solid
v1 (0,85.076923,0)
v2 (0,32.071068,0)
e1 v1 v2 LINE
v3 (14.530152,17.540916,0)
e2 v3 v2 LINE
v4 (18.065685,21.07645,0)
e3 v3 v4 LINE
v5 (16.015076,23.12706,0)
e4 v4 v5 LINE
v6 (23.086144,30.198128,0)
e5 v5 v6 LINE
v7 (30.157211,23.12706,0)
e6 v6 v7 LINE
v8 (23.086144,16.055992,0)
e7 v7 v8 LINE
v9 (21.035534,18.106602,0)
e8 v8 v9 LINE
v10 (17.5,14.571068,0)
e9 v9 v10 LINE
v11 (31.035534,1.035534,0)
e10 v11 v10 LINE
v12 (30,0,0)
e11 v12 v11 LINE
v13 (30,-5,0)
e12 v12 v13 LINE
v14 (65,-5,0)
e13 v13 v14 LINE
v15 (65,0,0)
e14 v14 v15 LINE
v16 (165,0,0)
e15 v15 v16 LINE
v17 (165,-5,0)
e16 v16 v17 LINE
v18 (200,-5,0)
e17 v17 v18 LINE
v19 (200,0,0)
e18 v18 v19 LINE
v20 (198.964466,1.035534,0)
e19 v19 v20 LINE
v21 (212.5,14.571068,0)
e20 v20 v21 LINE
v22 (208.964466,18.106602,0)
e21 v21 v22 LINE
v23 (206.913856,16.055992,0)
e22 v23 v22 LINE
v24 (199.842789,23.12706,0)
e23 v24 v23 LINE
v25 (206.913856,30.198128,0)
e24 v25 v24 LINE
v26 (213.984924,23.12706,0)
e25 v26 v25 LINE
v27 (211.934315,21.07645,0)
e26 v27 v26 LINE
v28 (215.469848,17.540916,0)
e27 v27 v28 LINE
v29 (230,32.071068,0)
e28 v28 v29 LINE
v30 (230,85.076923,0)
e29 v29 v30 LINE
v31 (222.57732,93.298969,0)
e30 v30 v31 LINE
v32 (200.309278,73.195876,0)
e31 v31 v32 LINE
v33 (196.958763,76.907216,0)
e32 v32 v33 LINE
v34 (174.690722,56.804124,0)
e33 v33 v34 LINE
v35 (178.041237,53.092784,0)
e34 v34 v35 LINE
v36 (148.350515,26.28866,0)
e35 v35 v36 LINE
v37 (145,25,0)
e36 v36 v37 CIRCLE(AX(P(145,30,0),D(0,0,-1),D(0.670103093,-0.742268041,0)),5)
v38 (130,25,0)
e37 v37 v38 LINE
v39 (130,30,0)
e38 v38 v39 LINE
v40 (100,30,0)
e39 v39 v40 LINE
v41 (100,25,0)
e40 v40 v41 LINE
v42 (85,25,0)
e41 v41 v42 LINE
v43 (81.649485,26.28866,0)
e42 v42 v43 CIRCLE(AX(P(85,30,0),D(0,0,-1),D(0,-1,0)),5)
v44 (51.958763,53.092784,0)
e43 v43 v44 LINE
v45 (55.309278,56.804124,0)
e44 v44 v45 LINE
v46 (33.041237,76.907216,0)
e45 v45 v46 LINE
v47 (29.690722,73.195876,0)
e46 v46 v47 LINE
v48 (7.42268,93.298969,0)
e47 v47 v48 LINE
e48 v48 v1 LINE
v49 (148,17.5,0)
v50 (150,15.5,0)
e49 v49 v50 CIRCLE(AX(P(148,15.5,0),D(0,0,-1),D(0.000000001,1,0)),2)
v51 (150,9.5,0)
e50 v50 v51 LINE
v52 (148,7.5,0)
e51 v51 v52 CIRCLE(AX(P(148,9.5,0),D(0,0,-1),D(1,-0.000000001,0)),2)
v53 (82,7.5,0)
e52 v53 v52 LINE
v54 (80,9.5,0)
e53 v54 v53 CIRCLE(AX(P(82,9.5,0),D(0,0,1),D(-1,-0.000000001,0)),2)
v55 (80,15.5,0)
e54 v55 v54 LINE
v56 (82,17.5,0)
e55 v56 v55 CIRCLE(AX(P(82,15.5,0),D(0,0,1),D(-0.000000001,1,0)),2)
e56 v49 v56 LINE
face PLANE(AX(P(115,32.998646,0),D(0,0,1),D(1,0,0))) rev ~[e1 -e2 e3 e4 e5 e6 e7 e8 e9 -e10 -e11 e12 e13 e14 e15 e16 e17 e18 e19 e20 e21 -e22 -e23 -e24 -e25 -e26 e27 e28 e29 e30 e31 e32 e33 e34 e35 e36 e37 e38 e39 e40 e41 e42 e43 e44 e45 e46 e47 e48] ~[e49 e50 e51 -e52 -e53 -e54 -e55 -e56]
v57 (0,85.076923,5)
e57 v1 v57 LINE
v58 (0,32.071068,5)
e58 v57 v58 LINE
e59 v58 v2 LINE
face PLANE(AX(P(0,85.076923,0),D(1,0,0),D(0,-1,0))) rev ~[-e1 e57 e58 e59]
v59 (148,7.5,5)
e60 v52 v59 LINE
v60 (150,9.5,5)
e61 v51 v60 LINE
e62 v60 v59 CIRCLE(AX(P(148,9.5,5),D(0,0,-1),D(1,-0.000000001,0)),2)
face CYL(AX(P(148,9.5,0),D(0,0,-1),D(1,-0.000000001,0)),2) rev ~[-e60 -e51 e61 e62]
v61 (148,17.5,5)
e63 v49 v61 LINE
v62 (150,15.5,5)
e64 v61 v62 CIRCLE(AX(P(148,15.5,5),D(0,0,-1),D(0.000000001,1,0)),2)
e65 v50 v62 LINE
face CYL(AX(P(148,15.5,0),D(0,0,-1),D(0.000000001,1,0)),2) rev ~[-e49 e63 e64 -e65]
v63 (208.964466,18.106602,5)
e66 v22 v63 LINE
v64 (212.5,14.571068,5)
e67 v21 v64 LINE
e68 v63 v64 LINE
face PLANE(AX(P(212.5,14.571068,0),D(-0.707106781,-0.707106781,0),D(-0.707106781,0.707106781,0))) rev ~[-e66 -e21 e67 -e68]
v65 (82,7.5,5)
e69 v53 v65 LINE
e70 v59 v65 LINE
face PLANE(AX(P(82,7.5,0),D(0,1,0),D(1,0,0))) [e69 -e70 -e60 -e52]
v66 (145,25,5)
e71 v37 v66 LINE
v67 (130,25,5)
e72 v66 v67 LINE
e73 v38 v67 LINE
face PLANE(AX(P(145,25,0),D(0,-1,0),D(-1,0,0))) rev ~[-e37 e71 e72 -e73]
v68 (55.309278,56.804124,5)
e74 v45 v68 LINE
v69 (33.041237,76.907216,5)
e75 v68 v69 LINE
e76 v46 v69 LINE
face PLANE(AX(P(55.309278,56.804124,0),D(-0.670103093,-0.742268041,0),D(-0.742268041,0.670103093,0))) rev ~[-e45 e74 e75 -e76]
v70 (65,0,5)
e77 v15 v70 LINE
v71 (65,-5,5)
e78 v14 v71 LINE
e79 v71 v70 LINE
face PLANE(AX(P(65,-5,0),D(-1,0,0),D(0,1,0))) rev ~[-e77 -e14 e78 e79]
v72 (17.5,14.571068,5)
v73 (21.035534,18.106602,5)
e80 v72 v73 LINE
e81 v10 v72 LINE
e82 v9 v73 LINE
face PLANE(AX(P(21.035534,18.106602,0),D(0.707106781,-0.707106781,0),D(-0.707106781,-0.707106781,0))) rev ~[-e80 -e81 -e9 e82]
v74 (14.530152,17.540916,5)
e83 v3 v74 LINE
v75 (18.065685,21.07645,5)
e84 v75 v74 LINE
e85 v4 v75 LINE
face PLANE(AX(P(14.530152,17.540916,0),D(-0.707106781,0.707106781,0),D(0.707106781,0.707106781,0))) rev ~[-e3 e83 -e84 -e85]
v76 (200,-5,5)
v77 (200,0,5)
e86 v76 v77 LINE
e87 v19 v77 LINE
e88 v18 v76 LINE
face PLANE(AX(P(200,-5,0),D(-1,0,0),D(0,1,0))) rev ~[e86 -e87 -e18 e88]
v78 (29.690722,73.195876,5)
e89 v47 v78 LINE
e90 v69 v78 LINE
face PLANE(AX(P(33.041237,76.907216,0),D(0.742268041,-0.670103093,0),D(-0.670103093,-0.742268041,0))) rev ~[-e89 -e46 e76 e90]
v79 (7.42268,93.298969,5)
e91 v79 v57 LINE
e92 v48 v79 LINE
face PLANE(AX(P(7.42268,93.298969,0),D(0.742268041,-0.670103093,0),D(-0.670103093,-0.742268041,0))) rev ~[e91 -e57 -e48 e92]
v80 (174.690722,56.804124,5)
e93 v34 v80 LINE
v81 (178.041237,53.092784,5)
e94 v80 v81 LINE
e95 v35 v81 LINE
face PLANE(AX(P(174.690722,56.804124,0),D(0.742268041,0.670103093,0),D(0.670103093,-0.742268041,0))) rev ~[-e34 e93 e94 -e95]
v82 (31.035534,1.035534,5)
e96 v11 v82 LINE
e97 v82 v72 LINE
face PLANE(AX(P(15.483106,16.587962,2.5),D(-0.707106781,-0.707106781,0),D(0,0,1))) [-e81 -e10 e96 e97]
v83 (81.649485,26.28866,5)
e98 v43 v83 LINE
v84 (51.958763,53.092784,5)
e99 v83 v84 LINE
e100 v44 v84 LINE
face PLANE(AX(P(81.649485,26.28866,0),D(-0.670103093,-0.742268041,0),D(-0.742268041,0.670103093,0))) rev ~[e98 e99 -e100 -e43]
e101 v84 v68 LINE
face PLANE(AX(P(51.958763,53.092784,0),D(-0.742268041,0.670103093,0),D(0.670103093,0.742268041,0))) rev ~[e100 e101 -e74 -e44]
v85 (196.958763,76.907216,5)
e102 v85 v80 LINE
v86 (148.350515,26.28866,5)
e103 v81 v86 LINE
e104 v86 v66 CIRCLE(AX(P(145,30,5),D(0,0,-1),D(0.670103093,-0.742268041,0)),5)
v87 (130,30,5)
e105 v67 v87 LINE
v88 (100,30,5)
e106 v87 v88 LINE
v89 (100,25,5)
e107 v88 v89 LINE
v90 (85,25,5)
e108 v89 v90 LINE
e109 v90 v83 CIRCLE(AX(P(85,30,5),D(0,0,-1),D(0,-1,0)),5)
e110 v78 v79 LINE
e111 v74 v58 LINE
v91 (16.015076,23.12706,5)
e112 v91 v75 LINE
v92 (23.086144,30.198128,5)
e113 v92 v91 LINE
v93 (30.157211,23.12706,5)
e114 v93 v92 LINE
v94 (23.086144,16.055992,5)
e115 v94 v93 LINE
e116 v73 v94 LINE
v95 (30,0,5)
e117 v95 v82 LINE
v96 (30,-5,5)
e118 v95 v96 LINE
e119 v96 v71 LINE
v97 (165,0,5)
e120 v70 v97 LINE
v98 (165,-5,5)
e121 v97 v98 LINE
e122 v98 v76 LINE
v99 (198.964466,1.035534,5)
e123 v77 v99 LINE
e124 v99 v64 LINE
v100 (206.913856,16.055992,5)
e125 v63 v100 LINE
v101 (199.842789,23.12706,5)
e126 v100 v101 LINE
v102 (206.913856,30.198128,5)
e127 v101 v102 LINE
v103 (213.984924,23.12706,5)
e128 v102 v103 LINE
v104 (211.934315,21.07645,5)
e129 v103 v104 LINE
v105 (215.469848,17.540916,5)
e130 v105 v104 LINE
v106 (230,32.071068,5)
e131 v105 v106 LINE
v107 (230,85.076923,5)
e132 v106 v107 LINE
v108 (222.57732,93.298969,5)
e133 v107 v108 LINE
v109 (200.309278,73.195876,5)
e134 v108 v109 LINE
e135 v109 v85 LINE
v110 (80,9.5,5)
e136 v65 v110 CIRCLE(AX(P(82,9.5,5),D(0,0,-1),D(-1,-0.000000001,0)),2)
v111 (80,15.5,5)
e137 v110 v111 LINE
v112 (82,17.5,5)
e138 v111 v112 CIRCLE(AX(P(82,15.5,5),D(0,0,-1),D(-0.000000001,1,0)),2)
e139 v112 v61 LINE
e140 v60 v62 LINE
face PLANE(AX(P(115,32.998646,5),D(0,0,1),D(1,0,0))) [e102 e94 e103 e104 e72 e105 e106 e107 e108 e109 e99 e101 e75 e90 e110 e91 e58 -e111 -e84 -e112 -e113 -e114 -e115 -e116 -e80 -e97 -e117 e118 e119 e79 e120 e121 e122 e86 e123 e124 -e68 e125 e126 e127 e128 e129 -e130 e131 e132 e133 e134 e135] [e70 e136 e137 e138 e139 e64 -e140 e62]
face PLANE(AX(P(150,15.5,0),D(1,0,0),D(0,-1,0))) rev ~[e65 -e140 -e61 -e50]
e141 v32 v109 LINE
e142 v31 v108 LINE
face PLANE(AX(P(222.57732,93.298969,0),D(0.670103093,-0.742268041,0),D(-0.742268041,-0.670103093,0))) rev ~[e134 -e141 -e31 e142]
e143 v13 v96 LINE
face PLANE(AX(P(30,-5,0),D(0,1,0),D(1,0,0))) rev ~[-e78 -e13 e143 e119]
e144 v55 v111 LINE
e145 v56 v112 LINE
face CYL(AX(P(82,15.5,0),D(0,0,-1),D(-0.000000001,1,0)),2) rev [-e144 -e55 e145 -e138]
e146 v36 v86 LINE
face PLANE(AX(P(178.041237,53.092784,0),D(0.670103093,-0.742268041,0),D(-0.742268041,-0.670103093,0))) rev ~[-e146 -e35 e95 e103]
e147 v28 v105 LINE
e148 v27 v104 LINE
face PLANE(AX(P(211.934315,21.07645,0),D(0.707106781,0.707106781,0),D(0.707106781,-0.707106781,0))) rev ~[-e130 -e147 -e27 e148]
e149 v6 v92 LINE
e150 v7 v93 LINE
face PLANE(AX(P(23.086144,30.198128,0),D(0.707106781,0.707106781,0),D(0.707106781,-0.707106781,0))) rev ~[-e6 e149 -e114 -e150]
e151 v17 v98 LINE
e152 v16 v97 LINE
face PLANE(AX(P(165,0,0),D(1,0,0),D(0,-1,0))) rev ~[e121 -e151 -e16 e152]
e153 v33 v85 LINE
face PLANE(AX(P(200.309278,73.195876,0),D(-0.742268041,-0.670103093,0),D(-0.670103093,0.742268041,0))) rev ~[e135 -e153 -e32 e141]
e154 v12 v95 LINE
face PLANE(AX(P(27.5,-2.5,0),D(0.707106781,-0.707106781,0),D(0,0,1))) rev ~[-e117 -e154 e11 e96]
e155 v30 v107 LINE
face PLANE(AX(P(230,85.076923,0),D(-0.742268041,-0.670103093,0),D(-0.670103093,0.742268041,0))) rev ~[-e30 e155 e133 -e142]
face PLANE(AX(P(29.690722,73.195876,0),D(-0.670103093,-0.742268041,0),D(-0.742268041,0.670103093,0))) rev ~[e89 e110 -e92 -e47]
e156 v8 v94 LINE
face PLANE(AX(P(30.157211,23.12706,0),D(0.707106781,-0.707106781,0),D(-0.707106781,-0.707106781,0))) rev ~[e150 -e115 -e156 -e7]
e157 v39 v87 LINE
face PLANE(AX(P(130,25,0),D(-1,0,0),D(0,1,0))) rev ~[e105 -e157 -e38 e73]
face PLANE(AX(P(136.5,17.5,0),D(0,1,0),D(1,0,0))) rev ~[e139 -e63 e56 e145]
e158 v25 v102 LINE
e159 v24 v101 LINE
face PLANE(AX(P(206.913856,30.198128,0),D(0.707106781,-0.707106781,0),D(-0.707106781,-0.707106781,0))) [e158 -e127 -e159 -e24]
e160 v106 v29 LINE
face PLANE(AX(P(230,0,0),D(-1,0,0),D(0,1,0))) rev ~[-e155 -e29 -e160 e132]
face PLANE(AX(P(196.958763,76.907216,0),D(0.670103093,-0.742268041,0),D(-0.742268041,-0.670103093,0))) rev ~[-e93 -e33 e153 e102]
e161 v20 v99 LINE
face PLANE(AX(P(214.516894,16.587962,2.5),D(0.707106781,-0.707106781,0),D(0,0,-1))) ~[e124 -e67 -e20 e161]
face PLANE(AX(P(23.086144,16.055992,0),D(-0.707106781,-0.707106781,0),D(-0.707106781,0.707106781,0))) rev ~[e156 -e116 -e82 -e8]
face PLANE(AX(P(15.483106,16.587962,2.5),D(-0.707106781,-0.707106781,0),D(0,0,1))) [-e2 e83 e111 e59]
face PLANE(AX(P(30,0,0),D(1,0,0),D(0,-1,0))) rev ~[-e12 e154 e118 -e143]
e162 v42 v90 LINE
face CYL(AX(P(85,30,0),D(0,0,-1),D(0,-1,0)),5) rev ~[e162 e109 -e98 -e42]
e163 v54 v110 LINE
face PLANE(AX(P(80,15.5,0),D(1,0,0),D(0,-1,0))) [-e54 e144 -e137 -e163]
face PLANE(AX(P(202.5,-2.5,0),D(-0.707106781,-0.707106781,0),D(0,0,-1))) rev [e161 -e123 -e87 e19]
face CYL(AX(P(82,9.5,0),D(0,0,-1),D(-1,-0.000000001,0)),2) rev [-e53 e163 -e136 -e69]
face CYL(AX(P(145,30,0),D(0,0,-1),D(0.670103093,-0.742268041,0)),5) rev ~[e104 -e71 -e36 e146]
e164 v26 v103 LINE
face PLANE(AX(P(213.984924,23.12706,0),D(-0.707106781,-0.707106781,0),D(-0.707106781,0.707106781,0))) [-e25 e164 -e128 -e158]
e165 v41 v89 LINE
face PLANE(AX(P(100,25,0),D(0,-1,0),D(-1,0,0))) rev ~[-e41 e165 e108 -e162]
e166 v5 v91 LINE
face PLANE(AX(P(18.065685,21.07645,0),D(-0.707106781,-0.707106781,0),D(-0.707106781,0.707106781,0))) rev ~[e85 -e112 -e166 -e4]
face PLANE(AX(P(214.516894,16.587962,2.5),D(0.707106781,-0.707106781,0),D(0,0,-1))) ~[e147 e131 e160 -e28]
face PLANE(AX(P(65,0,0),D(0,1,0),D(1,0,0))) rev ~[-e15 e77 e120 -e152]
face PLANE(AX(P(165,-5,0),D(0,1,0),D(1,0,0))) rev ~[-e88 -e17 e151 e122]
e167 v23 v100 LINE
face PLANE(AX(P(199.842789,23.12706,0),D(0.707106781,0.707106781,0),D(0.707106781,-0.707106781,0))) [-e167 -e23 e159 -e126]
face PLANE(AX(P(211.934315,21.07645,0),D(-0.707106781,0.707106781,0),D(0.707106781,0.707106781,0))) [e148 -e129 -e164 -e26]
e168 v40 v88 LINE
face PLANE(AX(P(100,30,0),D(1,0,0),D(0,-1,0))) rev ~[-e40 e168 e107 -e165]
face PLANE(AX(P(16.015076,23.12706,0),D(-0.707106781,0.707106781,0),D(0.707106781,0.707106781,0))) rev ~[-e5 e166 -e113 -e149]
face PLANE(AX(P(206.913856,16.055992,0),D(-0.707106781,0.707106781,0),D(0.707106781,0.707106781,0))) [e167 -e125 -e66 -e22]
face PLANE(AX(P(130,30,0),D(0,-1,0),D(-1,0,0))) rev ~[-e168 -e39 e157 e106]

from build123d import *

# Parameters (mm, degrees)
BOSS_EXTRUDE1_DEPTH = 5
CUT_EXTRUDE1_DEPTH  = 10
CUT_EXTRUDE2_DEPTH  = 10
SKETCH5_W           = 5
SKETCH5_H           = 43.988909765
CUT_EXTRUDE4_DEPTH  = 5
CUT_EXTRUDE6_DEPTH  = 10
SKETCH8_W           = 43
SKETCH8_H           = 10
CUT_EXTRUDE7_DEPTH  = 10


with BuildPart() as part:
    # Sketch1 → Boss-Extrude1 (new body)
    with BuildSketch(Plane.XY):
        with BuildLine():
            Line((100, 25), (85, 25))
            ThreePointArc((85, 25), (83.205104603, 25.333271969), (81.649484536, 26.288659794))
            Line((81.649484536, 26.288659794), (51.958762887, 53.092783505))
            Line((51.958762887, 53.092783505), (55.309278351, 56.804123711))
            Line((55.309278351, 56.804123711), (33.041237113, 76.907216495))
            Line((33.041237113, 76.907216495), (29.690721649, 73.195876289))
            Line((29.690721649, 73.195876289), (7.422680412, 93.298969072))
            Line((7.422680412, 93.298969072), (0, 85.076923077))
            Line((0, 85.076923077), (0, 0))
            Line((0, 0), (30, 0))
            Line((30, 0), (30, -5))
            Line((30, -5), (65, -5))
            Line((65, -5), (65, 0))
            Line((65, 0), (165, 0))
            Line((165, 0), (165, -5))
            Line((165, -5), (200, -5))
            Line((200, -5), (200, 0))
            Line((200, 0), (230, 0))
            Line((230, 0), (230, 85.076923077))
            Line((230, 85.076923077), (222.577319588, 93.298969072))
            Line((222.577319588, 93.298969072), (200.309278351, 73.195876289))
            Line((200.309278351, 73.195876289), (196.958762887, 76.907216495))
            Line((196.958762887, 76.907216495), (174.690721649, 56.804123711))
            Line((174.690721649, 56.804123711), (178.041237113, 53.092783505))
            Line((178.041237113, 53.092783505), (148.350515464, 26.288659794))
            ThreePointArc((148.350515464, 26.288659794), (146.794895397, 25.333271969), (145, 25))
            Line((145, 25), (130, 25))
            Line((130, 25), (130, 30))
            Line((130, 30), (100, 30))
            Line((100, 30), (100, 25))
        make_face()
    extrude(amount=BOSS_EXTRUDE1_DEPTH)

    # Sketch2 → Cut-Extrude1 (cut)
    with BuildSketch(Plane(origin=(0, 0, 0), x_dir=(-1, 0, 0), z_dir=(0, 0, -1))):
        Polygon((0, 25), (0, 0), (-25, 0), align=None)
        Polygon((-230, 0), (-205, 0), (-230, 25), align=None)
    extrude(amount=-CUT_EXTRUDE1_DEPTH, mode=Mode.SUBTRACT)

    # Sketch3 → Cut-Extrude2 (cut)
    with BuildSketch(Plane(origin=(0, 0, 0), x_dir=(-1, 0, 0), z_dir=(0, 0, -1))):
        with BuildLine():
            Line((-82, 7.5), (-93.5, 7.5))
            ThreePointArc((-93.5, 7.5), (-94.914213562, 8.085786438), (-95.5, 9.5))
            Line((-95.5, 9.5), (-95.5, 15.5))
            ThreePointArc((-95.5, 15.5), (-94.914213562, 16.914213562), (-93.5, 17.5))
            Line((-93.5, 17.5), (-82, 17.5))
            ThreePointArc((-82, 17.5), (-80.585786438, 16.914213562), (-80, 15.5))
            Line((-80, 15.5), (-80, 9.5))
            ThreePointArc((-80, 9.5), (-80.585786438, 8.085786438), (-82, 7.5))
        make_face()
        with BuildLine():
            Line((-134.5, 9.5), (-134.5, 15.5))
            ThreePointArc((-134.5, 15.5), (-135.085786438, 16.914213562), (-136.5, 17.5))
            Line((-136.5, 17.5), (-148, 17.5))
            ThreePointArc((-148, 17.5), (-149.414213562, 16.914213562), (-150, 15.5))
            Line((-150, 15.5), (-150, 9.5))
            ThreePointArc((-150, 9.5), (-149.414213562, 8.085786438), (-148, 7.5))
            Line((-148, 7.5), (-136.5, 7.5))
            ThreePointArc((-136.5, 7.5), (-135.085786438, 8.085786438), (-134.5, 9.5))
        make_face()
    extrude(amount=-CUT_EXTRUDE2_DEPTH, mode=Mode.SUBTRACT)

    # Sketch5 → Cut-Extrude4 (cut)
    with BuildSketch(Plane(origin=(12.5, 12.5, 0), x_dir=(0, 0, 1), z_dir=(-0.707106781, -0.707106781, 0))):
        with Locations((2.5, 0.781251447)):
            Rectangle(SKETCH5_W, SKETCH5_H)
    cut_extrude4 = extrude(amount=-CUT_EXTRUDE4_DEPTH, mode=Mode.SUBTRACT)

    # Mirror1: Cut-Extrude4 across plane
    add(cut_extrude4.mirror(Plane(origin=(115, 0, 0), x_dir=(0, 0, 1), z_dir=(1, 0, 0))), mode=Mode.SUBTRACT)

    # Sketch7 → Cut-Extrude6 (cut)
    with BuildSketch(Plane(origin=(0, 0, 0), x_dir=(-1, 0, 0), z_dir=(0, 0, -1))):
        Polygon((-23.086143571, 16.055992052), (-21.035533906, 18.106601718), (-18.065685425, 21.076450199), (-16.01507576, 23.127059864), (-23.086143571, 30.198127676), (-30.157211383, 23.127059864), align=None)
        Polygon((-21.035533906, 18.106601718), (-17.5, 14.571067812), (-14.530151519, 17.540916293), (-18.065685425, 21.076450199), align=None)
        Polygon((-213.98492424, 23.127059864), (-206.913856429, 30.198127676), (-199.842788617, 23.127059864), (-206.913856429, 16.055992052), align=None)
        Polygon((-208.964466094, 18.106601718), (-211.934314575, 21.076450199), (-215.469848481, 17.540916293), (-212.5, 14.571067812), align=None)
    extrude(amount=-CUT_EXTRUDE6_DEPTH, mode=Mode.SUBTRACT)

    # Sketch8 → Cut-Extrude7 (cut)
    with BuildSketch(Plane(origin=(0, 0, 0), x_dir=(-1, 0, 0), z_dir=(0, 0, -1))):
        with Locations((-115, 12.5)):
            Rectangle(SKETCH8_W, SKETCH8_H)
    extrude(amount=-CUT_EXTRUDE7_DEPTH, mode=Mode.SUBTRACT)


solid = part.part
